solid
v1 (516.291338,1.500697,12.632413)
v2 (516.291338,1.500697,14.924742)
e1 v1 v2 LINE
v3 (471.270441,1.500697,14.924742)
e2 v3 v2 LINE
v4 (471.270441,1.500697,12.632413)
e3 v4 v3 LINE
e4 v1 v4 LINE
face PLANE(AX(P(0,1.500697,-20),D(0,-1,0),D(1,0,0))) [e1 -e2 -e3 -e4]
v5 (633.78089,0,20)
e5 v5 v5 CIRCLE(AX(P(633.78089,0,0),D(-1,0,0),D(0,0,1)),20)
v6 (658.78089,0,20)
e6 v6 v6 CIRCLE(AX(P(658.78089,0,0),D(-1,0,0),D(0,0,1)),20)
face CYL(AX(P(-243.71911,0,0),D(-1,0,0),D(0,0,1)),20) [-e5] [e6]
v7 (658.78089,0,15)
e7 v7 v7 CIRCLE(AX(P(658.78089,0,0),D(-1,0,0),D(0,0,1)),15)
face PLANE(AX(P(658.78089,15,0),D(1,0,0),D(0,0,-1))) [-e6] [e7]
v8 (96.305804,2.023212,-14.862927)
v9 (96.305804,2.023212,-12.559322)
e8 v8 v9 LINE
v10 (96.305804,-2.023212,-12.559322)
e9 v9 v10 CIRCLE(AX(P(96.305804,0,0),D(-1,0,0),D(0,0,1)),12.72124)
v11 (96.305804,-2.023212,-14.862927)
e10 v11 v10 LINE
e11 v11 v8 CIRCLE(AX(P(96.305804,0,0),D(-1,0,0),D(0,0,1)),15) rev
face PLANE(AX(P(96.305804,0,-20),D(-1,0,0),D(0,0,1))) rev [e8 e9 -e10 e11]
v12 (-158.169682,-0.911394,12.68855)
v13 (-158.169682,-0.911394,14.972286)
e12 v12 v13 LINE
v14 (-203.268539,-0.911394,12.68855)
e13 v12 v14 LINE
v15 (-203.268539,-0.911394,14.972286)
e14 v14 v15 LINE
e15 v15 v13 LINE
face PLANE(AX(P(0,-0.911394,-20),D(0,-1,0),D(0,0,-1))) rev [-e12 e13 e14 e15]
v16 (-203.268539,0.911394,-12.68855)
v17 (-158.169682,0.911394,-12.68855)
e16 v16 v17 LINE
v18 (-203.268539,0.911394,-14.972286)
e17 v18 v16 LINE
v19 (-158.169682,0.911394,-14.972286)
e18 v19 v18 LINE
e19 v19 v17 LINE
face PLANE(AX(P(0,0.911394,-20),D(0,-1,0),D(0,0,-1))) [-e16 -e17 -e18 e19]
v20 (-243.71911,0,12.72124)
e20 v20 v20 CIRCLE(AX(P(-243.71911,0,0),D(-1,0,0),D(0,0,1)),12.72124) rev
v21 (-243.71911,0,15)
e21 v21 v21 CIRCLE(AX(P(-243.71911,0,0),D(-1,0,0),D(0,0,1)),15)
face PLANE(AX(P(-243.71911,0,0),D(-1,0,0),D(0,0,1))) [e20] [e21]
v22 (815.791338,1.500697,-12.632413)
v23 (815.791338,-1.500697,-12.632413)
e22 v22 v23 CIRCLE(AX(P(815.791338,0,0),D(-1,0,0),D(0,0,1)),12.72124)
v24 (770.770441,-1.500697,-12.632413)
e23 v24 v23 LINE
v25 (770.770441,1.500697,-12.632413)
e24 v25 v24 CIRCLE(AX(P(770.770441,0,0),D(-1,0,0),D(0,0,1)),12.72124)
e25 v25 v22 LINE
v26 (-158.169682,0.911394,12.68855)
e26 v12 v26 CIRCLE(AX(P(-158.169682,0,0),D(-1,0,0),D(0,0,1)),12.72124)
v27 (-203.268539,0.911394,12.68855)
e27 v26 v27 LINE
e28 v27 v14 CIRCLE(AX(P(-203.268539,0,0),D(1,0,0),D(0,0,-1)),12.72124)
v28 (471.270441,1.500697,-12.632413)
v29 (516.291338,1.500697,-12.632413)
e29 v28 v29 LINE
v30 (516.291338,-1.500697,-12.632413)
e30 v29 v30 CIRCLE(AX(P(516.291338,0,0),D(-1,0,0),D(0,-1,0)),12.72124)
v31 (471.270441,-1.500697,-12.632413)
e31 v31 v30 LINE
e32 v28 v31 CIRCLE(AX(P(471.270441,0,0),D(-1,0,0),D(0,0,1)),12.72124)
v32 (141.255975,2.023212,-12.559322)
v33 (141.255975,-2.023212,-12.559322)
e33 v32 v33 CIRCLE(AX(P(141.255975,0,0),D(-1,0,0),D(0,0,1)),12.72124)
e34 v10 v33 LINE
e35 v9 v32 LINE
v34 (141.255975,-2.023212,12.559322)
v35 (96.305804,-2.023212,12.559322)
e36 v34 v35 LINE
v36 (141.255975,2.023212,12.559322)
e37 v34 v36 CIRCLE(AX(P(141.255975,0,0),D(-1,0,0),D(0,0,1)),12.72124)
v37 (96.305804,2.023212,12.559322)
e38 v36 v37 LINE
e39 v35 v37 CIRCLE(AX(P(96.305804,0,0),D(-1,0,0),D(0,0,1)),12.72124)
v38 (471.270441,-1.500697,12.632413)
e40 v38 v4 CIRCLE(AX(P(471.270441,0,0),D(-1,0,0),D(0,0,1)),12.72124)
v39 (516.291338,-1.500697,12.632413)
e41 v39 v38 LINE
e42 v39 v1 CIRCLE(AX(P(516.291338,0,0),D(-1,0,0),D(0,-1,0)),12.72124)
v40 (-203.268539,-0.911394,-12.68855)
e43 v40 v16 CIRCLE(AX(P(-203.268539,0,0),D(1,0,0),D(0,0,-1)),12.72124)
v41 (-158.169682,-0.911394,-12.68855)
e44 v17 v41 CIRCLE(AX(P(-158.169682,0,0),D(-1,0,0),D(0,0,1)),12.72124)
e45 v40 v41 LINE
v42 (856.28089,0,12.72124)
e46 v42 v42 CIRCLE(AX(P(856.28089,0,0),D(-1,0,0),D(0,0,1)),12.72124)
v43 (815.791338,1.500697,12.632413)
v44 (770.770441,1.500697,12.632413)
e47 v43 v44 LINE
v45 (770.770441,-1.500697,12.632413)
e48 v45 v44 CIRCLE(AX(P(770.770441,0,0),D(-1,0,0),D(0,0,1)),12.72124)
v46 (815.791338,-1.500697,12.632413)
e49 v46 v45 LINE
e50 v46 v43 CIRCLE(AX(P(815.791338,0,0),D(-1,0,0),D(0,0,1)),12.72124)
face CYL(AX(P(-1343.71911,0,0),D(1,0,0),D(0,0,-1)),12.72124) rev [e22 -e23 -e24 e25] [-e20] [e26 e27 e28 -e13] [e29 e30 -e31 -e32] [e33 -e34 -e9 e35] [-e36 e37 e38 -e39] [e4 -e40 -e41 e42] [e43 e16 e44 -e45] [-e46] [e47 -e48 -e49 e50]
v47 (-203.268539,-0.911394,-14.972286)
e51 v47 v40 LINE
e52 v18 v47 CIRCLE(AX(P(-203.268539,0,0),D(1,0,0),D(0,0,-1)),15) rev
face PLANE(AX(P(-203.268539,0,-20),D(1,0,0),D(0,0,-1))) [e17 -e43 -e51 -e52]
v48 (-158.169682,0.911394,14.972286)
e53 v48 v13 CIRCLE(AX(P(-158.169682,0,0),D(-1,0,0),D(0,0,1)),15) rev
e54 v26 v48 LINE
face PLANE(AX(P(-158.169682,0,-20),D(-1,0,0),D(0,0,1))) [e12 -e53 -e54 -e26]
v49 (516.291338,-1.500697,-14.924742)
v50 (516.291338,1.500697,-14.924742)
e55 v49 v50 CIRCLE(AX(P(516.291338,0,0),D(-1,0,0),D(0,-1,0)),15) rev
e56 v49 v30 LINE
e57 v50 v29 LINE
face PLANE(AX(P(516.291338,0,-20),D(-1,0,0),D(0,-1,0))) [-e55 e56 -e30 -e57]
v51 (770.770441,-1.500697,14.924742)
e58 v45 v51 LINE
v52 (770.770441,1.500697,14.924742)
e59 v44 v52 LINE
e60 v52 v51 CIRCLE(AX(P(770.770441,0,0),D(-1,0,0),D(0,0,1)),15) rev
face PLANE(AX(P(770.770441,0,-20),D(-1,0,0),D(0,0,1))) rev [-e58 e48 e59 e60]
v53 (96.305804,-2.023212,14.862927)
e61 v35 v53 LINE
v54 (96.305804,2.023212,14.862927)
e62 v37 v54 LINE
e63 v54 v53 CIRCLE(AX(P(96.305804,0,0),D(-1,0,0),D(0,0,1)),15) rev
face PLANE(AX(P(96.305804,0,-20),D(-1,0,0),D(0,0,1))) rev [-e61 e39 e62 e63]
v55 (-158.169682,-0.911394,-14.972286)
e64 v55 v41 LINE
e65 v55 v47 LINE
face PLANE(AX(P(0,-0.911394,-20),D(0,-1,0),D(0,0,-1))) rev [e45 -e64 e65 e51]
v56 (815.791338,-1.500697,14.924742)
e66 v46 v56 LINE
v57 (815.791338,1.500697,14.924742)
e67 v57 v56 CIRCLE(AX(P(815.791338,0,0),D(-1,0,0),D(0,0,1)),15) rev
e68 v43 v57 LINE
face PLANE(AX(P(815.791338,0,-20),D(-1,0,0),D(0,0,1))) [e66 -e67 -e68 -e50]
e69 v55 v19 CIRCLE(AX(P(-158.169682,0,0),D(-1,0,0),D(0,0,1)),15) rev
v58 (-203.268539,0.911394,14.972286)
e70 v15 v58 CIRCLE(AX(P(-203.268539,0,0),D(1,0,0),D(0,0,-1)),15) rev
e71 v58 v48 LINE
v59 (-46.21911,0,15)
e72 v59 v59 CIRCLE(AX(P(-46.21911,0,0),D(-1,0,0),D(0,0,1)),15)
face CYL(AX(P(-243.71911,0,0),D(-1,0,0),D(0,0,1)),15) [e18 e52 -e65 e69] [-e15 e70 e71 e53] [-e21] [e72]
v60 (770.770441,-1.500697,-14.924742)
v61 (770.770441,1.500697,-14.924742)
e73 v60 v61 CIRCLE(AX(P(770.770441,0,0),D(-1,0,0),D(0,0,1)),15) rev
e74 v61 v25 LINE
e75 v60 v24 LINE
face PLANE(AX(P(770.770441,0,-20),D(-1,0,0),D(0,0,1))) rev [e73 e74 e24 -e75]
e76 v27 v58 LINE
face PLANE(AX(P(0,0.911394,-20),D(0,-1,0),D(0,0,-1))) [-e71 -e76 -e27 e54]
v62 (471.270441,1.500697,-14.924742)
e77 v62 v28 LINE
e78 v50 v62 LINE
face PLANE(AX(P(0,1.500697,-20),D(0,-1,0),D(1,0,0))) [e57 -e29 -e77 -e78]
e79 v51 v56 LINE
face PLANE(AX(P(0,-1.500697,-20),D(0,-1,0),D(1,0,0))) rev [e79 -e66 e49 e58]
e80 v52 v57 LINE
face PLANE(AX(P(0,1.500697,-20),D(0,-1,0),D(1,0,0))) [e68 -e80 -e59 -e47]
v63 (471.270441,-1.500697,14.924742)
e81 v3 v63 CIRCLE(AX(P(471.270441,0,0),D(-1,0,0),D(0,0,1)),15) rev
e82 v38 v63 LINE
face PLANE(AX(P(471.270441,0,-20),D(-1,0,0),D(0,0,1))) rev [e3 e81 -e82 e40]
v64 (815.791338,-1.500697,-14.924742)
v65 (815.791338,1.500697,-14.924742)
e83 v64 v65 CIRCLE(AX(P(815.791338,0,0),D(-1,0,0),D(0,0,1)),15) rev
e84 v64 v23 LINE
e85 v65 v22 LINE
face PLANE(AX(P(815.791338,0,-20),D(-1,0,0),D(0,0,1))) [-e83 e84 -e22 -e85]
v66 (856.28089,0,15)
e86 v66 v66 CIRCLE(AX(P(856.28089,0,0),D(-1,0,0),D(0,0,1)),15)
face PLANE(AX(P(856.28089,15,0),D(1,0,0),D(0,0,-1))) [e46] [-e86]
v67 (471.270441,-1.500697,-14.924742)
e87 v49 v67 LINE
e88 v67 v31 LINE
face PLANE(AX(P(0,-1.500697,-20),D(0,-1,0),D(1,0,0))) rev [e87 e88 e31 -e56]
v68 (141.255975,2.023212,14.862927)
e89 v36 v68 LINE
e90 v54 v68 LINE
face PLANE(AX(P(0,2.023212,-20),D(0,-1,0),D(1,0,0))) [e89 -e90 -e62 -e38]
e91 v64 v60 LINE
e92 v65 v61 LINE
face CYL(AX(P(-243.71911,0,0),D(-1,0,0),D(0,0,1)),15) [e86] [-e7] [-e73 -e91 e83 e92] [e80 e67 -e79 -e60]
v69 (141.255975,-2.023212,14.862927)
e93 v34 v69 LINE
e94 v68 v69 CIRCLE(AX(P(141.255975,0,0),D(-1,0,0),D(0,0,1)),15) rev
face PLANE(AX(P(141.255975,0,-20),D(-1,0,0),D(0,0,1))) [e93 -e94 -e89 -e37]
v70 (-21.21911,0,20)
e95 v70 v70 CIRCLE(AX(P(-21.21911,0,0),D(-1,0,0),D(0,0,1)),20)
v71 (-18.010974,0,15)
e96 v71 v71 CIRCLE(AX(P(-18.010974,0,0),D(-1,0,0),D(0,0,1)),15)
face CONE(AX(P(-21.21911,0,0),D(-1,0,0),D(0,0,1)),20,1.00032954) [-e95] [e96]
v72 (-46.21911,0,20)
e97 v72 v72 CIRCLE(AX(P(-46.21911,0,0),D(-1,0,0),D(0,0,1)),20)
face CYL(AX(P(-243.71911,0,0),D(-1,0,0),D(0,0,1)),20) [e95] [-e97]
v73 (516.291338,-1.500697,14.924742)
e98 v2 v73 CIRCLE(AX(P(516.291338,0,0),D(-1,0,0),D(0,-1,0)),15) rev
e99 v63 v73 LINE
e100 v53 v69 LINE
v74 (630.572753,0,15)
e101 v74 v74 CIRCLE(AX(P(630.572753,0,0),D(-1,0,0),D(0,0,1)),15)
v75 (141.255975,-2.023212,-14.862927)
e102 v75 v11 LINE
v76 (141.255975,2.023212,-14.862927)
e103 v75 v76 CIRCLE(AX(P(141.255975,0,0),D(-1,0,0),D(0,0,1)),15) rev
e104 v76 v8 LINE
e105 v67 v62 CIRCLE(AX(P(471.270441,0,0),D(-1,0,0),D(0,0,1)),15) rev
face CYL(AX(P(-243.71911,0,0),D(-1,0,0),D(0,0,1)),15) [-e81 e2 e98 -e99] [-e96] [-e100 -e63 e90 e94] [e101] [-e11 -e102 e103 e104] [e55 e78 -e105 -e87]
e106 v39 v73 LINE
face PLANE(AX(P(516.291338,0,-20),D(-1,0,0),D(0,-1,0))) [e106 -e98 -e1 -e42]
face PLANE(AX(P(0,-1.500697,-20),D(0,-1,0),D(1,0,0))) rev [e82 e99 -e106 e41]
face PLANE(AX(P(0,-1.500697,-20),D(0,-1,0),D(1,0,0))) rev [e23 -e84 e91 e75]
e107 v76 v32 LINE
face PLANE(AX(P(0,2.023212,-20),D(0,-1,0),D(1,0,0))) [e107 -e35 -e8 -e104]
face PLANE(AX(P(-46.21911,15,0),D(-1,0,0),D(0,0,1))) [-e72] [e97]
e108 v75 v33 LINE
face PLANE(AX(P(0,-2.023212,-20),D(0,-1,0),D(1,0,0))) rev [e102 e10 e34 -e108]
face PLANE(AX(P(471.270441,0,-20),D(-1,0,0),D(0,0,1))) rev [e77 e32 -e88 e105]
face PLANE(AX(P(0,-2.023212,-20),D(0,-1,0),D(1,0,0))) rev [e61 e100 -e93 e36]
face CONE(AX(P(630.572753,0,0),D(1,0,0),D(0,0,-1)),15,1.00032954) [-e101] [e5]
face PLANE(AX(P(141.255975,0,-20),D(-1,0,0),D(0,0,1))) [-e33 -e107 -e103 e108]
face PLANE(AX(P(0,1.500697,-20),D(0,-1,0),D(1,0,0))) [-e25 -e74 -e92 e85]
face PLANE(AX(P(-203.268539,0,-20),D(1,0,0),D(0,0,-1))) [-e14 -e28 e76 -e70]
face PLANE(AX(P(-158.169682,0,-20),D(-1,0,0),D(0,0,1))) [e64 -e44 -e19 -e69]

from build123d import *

# Parameters (mm, degrees)
SKETCH5_R               = 12.721239978
CUT_EXTRUDE1_DEPTH      = 1100
CUT_EXTRUDE1_DEPTH_BACK = 1100
SKETCH4_4_W             = 45.098856354
SKETCH4_4_H             = 1.822787056
SKETCH4_4_W_2           = 44.950171806
SKETCH4_4_H_2           = 4.046424606
SKETCH4_4_W_3           = 45.020896592
SKETCH4_4_H_3           = 3.001393106
CUT_EXTRUDE2_DEPTH      = 21
CUT_EXTRUDE2_DEPTH_BACK = 21


with BuildPart() as part:
    # Sketch4 → Revolve-Thin1 (revolve)
    with BuildSketch(Plane.XY):
        Polygon((-243.719110407, 0), (-243.719110407, 15), (-46.219110407, 15), (-46.219110407, 20), (-21.219110407, 20), (-18.010973852, 15), (630.572753038, 15), (633.780889593, 20), (658.780889593, 20), (658.780889593, 15), (856.280889593, 15), (856.280889593, 0), (846.280889593, 0), (846.280889593, 5), (648.780889593, 5), (648.780889593, 10), (639.246054132, 10), (636.037917577, 5), (-23.476138391, 5), (-26.684274946, 10), (-36.219110407, 10), (-36.219110407, 5), (-233.719110407, 5), (-233.719110407, 0), align=None)
    revolve(axis=Axis((-243.719110407, 0, 0), (1, 0, 0)))

    # Sketch5 → Cut-Extrude1 (cut, two sides)
    with BuildSketch(Plane.ZY.offset(243.719110407)) as cut_extrude1_sk:
        Circle(SKETCH5_R)
    extrude(amount=CUT_EXTRUDE1_DEPTH, mode=Mode.SUBTRACT)
    extrude(cut_extrude1_sk.sketch, amount=-CUT_EXTRUDE1_DEPTH_BACK, mode=Mode.SUBTRACT)

    # Sketch4_4 → Cut-Extrude2 (cut, two sides)
    with BuildSketch(Plane.XY) as cut_extrude2_sk:
        with Locations((-180.719110407, 0)):
            Rectangle(SKETCH4_4_W, SKETCH4_4_H)
        with Locations((118.780889593, 0)):
            Rectangle(SKETCH4_4_W_2, SKETCH4_4_H_2)
        with Locations((493.780889593, 0)):
            Rectangle(SKETCH4_4_W_3, SKETCH4_4_H_3)
        with Locations((793.280889593, 0)):
            Rectangle(SKETCH4_4_W_3, SKETCH4_4_H_3)
    extrude(amount=CUT_EXTRUDE2_DEPTH, mode=Mode.SUBTRACT)
    extrude(cut_extrude2_sk.sketch, amount=-CUT_EXTRUDE2_DEPTH_BACK, mode=Mode.SUBTRACT)


solid = part.part
